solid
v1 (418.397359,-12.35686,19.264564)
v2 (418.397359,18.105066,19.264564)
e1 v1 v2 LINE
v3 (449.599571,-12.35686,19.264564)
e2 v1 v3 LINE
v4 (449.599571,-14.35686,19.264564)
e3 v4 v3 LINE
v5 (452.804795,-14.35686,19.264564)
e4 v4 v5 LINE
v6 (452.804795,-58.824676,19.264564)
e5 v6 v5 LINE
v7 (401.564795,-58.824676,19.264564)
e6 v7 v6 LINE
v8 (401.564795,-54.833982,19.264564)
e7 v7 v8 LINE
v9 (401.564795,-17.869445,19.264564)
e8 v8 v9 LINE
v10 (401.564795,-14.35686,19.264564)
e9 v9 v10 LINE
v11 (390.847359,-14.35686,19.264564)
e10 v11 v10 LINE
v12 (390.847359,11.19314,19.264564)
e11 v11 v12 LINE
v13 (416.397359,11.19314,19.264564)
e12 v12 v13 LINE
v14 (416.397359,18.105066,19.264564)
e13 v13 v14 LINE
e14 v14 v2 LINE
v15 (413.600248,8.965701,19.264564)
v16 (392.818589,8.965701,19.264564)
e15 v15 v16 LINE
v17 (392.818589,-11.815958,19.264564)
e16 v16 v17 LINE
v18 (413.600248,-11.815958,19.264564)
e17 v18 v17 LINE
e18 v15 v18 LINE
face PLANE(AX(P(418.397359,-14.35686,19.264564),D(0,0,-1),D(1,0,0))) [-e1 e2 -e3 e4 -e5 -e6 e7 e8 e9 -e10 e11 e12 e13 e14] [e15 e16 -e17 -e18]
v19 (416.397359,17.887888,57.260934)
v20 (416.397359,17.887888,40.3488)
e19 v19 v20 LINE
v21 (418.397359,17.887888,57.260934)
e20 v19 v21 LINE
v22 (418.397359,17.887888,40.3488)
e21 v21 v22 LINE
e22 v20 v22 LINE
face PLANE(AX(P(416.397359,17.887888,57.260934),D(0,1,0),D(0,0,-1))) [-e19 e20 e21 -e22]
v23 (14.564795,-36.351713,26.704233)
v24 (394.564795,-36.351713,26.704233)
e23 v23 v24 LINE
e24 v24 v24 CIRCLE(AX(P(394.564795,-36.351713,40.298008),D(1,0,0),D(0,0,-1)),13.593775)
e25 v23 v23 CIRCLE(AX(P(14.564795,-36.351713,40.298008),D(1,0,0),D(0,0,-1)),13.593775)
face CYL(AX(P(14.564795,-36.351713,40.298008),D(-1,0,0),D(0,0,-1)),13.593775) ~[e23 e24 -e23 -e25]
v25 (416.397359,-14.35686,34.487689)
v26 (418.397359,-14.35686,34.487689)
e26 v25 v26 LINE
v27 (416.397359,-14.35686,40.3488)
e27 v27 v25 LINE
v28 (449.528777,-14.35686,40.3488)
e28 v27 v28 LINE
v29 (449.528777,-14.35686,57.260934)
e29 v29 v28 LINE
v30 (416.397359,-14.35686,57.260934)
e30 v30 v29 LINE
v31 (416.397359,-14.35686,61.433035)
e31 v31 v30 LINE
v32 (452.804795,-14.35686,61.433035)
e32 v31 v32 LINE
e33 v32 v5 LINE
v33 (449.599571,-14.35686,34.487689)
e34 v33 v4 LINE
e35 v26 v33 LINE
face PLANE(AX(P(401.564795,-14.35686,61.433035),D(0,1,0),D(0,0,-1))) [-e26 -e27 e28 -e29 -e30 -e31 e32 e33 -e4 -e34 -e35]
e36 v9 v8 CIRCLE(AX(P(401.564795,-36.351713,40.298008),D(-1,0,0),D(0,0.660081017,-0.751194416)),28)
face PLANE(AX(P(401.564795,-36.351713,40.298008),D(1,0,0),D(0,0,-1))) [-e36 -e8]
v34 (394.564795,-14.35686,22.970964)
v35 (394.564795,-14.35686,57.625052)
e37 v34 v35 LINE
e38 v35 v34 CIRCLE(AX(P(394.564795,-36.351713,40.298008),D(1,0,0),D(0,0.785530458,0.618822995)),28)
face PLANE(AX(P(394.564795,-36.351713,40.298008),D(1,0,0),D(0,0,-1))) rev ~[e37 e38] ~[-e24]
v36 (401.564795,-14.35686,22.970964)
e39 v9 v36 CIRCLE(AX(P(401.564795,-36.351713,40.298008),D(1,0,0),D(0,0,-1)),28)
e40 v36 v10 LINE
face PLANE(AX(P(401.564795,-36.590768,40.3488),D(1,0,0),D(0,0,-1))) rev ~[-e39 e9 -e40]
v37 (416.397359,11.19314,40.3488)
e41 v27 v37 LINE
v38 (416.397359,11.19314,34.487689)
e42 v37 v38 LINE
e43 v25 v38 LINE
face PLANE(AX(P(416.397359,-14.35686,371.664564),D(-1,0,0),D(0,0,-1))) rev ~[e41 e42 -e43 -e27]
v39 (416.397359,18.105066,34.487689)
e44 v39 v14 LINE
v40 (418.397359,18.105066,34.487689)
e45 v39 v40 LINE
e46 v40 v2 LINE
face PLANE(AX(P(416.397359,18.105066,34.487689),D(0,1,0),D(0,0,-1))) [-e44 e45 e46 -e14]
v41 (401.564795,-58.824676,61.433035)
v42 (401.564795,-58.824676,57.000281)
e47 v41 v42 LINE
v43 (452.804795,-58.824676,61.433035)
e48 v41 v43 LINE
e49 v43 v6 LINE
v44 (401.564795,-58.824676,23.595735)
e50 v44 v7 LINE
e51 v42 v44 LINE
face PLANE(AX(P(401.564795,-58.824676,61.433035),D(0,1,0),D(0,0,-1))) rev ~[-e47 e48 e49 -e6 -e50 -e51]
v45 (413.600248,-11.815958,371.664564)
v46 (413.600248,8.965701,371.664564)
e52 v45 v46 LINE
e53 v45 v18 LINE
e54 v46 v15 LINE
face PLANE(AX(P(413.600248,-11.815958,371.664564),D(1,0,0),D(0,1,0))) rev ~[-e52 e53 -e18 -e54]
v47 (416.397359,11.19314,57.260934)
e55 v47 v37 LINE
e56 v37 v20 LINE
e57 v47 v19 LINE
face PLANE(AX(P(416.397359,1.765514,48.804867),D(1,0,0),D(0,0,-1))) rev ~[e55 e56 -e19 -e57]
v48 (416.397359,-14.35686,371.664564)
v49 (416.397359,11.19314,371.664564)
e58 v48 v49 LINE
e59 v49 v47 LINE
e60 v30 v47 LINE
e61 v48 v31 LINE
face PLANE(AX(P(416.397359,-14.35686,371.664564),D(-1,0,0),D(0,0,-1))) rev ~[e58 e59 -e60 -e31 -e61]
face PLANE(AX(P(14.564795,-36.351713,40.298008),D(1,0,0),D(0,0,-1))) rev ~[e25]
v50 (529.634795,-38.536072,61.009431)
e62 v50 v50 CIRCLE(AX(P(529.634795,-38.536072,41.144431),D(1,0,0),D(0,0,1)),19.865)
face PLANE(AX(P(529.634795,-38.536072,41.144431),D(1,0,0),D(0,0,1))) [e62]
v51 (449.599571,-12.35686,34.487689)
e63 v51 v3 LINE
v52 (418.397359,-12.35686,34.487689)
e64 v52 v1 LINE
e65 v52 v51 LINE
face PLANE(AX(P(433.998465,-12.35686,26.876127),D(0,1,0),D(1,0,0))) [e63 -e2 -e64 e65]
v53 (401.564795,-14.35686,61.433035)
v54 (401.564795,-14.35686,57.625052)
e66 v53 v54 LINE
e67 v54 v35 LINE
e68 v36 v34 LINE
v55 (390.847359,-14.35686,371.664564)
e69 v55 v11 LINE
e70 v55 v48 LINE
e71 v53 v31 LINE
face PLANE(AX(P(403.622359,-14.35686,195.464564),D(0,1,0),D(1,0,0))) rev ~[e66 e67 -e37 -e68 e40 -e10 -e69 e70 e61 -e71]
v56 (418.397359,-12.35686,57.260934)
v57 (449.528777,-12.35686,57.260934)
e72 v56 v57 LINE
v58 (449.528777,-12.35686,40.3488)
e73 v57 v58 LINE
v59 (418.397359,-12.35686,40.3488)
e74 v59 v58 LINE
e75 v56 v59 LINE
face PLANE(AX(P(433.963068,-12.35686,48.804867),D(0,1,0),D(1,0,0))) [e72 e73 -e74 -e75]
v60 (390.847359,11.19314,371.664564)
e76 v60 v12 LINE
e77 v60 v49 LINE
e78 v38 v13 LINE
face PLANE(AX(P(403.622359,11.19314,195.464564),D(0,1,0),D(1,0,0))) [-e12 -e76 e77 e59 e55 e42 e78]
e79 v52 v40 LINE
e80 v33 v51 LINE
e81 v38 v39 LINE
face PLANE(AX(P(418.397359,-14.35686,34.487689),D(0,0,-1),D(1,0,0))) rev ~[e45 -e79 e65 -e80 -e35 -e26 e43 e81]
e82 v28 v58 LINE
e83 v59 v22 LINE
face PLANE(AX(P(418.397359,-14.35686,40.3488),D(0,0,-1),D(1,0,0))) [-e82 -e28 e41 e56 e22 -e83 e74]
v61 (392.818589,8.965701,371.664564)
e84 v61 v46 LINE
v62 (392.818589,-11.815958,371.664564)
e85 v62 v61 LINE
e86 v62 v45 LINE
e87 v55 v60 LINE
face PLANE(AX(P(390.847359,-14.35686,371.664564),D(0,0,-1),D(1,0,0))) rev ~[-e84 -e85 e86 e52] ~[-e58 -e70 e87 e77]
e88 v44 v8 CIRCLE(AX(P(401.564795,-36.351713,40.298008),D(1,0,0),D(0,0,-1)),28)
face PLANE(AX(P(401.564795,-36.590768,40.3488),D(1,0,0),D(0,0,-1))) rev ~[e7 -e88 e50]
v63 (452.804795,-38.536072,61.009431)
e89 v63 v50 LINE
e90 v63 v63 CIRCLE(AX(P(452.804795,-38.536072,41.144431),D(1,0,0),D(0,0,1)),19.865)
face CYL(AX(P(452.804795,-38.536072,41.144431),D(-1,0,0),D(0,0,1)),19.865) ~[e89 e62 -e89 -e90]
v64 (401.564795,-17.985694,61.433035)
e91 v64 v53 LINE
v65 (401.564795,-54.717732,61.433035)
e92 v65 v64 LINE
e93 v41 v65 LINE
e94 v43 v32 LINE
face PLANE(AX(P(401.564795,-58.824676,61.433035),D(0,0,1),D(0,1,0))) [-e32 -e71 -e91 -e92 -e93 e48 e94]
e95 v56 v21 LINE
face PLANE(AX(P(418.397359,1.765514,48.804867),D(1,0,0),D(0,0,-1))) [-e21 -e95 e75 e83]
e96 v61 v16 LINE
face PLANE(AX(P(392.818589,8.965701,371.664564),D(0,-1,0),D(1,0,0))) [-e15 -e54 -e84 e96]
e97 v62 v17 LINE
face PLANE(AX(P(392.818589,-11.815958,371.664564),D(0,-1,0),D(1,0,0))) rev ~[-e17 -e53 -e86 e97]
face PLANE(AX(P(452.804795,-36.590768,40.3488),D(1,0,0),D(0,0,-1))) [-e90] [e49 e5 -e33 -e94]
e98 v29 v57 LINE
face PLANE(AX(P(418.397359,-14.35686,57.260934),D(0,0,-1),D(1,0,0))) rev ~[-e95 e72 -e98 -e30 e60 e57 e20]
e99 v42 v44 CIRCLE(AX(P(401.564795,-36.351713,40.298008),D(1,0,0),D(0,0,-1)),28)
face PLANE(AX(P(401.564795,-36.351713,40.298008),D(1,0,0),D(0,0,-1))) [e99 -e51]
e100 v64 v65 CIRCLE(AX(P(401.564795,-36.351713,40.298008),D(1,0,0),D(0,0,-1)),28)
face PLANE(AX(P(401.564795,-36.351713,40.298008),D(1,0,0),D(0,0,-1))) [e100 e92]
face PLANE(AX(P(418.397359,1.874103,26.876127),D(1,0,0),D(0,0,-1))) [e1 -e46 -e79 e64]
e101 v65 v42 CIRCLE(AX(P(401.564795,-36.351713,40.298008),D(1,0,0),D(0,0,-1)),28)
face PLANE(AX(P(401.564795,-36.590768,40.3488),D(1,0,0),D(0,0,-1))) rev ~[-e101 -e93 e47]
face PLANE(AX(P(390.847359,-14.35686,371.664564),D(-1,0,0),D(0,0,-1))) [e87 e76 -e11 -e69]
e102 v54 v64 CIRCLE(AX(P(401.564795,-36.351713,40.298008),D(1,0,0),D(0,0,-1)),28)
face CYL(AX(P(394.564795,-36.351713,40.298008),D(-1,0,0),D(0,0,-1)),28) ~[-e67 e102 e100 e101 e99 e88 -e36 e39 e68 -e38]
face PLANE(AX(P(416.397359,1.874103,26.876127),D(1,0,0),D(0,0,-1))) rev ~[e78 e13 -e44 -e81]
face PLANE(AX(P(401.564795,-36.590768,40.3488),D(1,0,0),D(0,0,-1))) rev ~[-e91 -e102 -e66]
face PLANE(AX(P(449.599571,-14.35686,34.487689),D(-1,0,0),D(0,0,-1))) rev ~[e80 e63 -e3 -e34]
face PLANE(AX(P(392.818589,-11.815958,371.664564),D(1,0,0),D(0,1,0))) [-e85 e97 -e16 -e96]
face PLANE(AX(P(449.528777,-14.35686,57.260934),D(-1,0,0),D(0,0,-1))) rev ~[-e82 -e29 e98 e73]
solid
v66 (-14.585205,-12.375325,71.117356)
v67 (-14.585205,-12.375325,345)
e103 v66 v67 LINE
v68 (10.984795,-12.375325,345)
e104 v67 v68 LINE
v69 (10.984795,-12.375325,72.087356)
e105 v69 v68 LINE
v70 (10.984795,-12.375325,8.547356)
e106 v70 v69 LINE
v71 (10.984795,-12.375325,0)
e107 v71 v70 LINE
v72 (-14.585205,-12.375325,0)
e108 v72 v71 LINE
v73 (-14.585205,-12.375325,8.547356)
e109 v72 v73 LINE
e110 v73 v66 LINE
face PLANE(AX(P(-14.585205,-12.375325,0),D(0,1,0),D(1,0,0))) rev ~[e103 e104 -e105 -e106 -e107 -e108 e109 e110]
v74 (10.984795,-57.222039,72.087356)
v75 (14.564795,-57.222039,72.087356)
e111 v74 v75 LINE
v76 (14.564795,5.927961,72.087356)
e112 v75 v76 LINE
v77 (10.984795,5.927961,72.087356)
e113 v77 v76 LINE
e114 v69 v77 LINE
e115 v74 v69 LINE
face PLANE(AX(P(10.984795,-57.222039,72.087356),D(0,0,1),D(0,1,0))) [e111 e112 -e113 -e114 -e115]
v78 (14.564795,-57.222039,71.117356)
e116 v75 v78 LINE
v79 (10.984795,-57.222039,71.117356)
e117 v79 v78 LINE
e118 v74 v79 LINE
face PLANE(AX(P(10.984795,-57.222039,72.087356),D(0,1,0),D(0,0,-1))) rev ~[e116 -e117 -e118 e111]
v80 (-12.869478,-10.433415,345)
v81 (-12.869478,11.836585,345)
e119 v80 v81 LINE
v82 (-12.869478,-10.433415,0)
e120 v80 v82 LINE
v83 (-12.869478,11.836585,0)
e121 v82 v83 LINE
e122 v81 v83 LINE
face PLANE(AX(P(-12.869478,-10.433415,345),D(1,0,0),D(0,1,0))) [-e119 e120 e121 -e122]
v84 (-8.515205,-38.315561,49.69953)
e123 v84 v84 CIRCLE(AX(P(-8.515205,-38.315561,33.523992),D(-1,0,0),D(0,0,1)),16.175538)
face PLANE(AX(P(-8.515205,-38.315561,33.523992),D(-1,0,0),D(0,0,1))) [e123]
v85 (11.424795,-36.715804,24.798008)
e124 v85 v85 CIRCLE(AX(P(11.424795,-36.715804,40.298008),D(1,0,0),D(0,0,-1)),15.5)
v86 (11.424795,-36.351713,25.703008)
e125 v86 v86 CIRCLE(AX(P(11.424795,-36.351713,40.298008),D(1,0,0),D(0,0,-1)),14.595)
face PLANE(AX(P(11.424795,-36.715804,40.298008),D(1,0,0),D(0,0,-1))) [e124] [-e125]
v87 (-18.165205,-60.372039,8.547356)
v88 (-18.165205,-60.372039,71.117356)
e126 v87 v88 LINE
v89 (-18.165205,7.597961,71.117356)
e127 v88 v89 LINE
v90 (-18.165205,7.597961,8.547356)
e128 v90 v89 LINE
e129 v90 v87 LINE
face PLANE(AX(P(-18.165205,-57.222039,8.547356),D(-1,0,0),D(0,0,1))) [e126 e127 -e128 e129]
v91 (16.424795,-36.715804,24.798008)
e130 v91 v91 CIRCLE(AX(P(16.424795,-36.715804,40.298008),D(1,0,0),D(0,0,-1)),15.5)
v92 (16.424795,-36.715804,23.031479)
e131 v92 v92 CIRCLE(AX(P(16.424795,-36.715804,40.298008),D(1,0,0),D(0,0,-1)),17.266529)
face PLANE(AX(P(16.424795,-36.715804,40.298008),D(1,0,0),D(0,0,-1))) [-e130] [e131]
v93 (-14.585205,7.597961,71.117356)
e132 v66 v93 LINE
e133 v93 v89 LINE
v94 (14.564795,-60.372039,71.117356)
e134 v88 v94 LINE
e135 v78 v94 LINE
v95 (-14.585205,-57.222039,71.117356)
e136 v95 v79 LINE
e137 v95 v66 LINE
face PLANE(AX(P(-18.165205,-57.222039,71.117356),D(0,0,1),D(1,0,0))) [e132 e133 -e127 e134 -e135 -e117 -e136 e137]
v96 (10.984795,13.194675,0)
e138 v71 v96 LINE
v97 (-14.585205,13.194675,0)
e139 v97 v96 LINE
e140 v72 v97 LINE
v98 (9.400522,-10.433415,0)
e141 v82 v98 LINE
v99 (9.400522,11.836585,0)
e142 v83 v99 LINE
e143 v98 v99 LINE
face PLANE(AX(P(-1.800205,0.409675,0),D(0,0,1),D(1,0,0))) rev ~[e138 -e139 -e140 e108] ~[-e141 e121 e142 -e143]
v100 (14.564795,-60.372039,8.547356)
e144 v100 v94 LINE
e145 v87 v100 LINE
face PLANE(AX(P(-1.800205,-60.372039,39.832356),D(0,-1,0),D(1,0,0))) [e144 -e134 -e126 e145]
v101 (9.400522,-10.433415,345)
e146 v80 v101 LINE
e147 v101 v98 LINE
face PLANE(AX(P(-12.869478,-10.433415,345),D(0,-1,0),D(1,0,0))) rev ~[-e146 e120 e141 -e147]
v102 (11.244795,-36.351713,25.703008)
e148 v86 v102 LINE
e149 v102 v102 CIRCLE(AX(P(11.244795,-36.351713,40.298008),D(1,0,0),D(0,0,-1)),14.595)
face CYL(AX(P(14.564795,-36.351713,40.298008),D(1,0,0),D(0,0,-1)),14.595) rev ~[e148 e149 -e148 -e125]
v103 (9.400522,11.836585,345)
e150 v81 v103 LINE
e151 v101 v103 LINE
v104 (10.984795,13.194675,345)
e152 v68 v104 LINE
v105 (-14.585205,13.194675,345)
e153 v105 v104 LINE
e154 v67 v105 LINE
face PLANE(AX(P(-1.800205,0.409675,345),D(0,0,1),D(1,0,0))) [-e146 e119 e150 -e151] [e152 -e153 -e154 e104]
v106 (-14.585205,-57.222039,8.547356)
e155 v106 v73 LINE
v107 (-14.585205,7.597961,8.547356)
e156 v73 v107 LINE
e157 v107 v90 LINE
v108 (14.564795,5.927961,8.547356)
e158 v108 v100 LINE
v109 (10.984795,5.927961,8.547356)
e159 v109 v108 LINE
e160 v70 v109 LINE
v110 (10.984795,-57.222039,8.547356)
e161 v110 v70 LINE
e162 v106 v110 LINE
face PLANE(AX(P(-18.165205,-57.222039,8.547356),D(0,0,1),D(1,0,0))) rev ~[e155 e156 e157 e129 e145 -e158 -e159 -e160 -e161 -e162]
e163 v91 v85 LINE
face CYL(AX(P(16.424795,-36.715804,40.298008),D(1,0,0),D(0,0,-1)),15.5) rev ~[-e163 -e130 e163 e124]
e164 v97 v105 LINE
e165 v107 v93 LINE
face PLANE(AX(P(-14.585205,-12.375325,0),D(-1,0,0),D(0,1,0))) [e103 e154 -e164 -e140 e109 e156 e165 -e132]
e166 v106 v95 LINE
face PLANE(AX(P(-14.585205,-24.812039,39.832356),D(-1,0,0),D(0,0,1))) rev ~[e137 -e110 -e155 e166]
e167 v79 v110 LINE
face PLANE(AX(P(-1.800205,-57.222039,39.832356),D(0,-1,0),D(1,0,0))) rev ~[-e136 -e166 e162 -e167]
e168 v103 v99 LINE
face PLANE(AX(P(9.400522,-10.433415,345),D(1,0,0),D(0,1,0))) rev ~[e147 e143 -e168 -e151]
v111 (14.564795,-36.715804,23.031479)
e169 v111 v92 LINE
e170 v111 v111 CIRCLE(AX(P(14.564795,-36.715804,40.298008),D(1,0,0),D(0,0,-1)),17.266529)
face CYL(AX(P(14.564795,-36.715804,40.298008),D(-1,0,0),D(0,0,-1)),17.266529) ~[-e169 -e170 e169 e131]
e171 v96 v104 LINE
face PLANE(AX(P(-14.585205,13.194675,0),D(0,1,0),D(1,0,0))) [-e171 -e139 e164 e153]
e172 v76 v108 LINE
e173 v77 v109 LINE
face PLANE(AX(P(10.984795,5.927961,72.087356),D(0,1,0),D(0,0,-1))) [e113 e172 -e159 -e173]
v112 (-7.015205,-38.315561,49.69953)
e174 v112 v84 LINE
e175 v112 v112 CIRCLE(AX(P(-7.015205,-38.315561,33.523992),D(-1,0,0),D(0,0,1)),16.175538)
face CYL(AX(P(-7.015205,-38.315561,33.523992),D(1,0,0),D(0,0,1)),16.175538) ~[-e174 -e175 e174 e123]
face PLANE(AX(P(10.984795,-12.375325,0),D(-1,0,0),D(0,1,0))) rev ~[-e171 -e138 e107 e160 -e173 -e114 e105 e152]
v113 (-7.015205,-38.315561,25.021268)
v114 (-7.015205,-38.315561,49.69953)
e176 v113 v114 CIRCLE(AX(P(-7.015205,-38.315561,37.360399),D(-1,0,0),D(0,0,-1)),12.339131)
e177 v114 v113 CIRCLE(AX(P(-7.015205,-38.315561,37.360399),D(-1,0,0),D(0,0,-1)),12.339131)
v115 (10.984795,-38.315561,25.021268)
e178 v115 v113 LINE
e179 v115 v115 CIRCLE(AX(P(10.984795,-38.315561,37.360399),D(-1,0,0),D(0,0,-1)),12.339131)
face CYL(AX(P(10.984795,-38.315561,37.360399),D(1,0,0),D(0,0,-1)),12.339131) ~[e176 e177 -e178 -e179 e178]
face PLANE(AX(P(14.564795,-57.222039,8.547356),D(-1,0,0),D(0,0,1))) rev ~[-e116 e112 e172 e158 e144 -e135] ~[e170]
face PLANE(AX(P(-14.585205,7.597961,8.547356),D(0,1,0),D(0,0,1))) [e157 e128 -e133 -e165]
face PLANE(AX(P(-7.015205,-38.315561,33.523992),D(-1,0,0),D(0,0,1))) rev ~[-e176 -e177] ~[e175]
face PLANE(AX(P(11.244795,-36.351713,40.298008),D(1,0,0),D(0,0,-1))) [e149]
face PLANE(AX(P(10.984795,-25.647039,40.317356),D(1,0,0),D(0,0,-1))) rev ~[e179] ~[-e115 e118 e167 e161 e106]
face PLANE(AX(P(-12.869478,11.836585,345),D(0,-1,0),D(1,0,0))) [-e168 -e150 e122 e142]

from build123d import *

# Parameters (mm, degrees)
SKETCH_1_W          = 25.57
SKETCH_1_H          = 25.57
EXTRUDE_1_DEPTH     = 345
SKETCH_2_W          = 22.27
SKETCH_2_H          = 22.27
CUT_EXTRUDE_1_DEPTH = 345
SKETCH_3_W          = 62.57
SKETCH_3_H          = 64.82
EXTRUDE_2_DEPTH     = 3.58
SKETCH_4_W          = 63.54
SKETCH_4_H          = 63.15
EXTRUDE_3_DEPTH     = 3.58
SKETCH_6_W          = 32.73
SKETCH_6_H          = 62.57
EXTRUDE_4_DEPTH     = 3.15
SKETCH_7_R          = 14.595
CUT_EXTRUDE_3_DEPTH = 3.32
SKETCH_8_R          = 17.266528804
EXTRUDE_5_DEPTH     = 1.86
SKETCH_9_R          = 15.5
CUT_EXTRUDE_5_DEPTH = 5
SKETCH_10_R         = 13.593774784
EXTRUDE_6_DEPTH     = 380
SKETCH_11_R         = 12.339130987
EXTRUDE_7_DEPTH     = 18
SKETCH_12_R         = 16.175538184
EXTRUDE_8_DEPTH     = 1.5
SKETCH_13_R         = 28
EXTRUDE_9_DEPTH     = 7
SKETCH_14_R         = 7.6
EXTRUDE_10_DEPTH    = 15.2
SKETCH_15_W         = 42.168470392
SKETCH_15_H         = 44.467815759
EXTRUDE_11_DEPTH    = 51.24
SKETCH_16_R         = 19.865
EXTRUDE_12_DEPTH    = 76.83
SKETCH_17_W         = 25.55
SKETCH_17_H         = 352.4
EXTRUDE_14_DEPTH    = 25.55
SKETCH_19_W         = 20.781659092
SKETCH_19_H         = 20.781659093
CUT_EXTRUDE_6_DEPTH = 358
SKETCH_20_W         = 16.912134217
SKETCH_20_H         = 32.244748354
EXTRUDE_15_DEPTH    = 2
SKETCH_21_W         = 15.223124647
SKETCH_21_H         = 32.461925803
EXTRUDE_16_DEPTH    = 2
SKETCH_22_W         = 31.1314176
SKETCH_22_H         = 16.912134217
EXTRUDE_17_DEPTH    = 2
SKETCH_23_W         = 31.20221205
SKETCH_23_H         = 15.223124647
EXTRUDE_18_DEPTH    = 2


with BuildPart() as part:
    # 草图1 → 凸台-拉伸1 (new body)
    with BuildSketch(Plane.XY):
        with Locations((-1.800204815, 0.409674702)):
            Rectangle(SKETCH_1_W, SKETCH_1_H)
    extrude(amount=EXTRUDE_1_DEPTH)

    # 草图2 → 切除-拉伸1 (cut)
    with BuildSketch(Plane.XY.offset(345)):
        with Locations((-1.734478046, 0.70158513)):
            Rectangle(SKETCH_2_W, SKETCH_2_H)
    extrude(amount=-CUT_EXTRUDE_1_DEPTH, mode=Mode.SUBTRACT)

    # 草图3 → 凸台-拉伸2 (add)
    with BuildSketch(Plane.ZY.offset(14.585204815)):
        with Locations((39.832355507, -24.812039034)):
            Rectangle(SKETCH_3_W, SKETCH_3_H)
    extrude(amount=EXTRUDE_2_DEPTH)

    # 草图4 → 凸台-拉伸3 (add)
    with BuildSketch(Plane(origin=(10.984795185, 0, 0), x_dir=(0, 0, -1), z_dir=(1, 0, 0))):
        with Locations((-40.317355507, -25.647039034)):
            Rectangle(SKETCH_4_W, SKETCH_4_H)
    extrude(amount=EXTRUDE_3_DEPTH)

    # 草图6 → 凸台-拉伸4 (add)
    with BuildSketch(Plane.XZ.offset(57.222039034)):
        with Locations((-1.800204815, 39.832355507)):
            Rectangle(SKETCH_6_W, SKETCH_6_H)
    extrude(amount=EXTRUDE_4_DEPTH)

    # 草图7 → 切除-拉伸3 (cut)
    with BuildSketch(Plane(origin=(14.564795185, 0, 0), x_dir=(0, 0, -1), z_dir=(1, 0, 0))):
        with Locations((-40.298008042, -36.351713038)):
            Circle(SKETCH_7_R)
    extrude(amount=-CUT_EXTRUDE_3_DEPTH, mode=Mode.SUBTRACT)

    # 草图8 → 凸台-拉伸5 (add)
    with BuildSketch(Plane(origin=(14.564795185, 0, 0), x_dir=(0, 0, -1), z_dir=(1, 0, 0))):
        with Locations((-40.298008042, -36.715804345)):
            Circle(SKETCH_8_R)
    extrude(amount=EXTRUDE_5_DEPTH)

    # 草图9 → 切除-拉伸5 (cut)
    with BuildSketch(Plane(origin=(16.424795185, 0, 0), x_dir=(0, 0, -1), z_dir=(1, 0, 0))):
        with Locations((-40.298008042, -36.715804345)):
            Circle(SKETCH_9_R)
    extrude(amount=-CUT_EXTRUDE_5_DEPTH, mode=Mode.SUBTRACT)

    # 草图11 → 凸台-拉伸7 (add)
    with BuildSketch(Plane.ZY.offset(-10.984795185)):
        with Locations(Location((37.360399055, -38.315560546, 0), (0, 0, 180))):
            Circle(SKETCH_11_R)
    extrude(amount=EXTRUDE_7_DEPTH)

    # 草图12 → 凸台-拉伸8 (add)
    with BuildSketch(Plane.ZY.offset(7.015204815)):
        with Locations((33.523991858, -38.315560546)):
            Circle(SKETCH_12_R)
    extrude(amount=EXTRUDE_8_DEPTH)


with BuildPart() as body_2:
    # 草图10 → 凸台-拉伸6 (new body)
    with BuildSketch(Plane(origin=(14.564795185, 0, 0), x_dir=(0, 0, -1), z_dir=(1, 0, 0))):
        with Locations((-40.298008042, -36.351713038)):
            Circle(SKETCH_10_R)
    extrude(amount=EXTRUDE_6_DEPTH)

    # 草图13 → 凸台-拉伸9 (add)
    with BuildSketch(Plane(origin=(394.564795185, 0, 0), x_dir=(0, 0, -1), z_dir=(1, 0, 0))):
        with Locations((-40.298008042, -36.351713038)):
            Circle(SKETCH_13_R)
    extrude(amount=EXTRUDE_9_DEPTH)

    # 草图14 → 凸台-拉伸10 (add)
    with BuildSketch(Plane(origin=(401.564795185, 0, 0), x_dir=(0, 0, -1), z_dir=(1, 0, 0))):
        with Locations(Location((-40.298008042, -36.351713038, 0), (0, 0, 180))):
            Circle(SKETCH_14_R)
    extrude(amount=EXTRUDE_10_DEPTH)

    # 草图15 → 凸台-拉伸11 (add)
    with BuildSketch(Plane(origin=(401.564795185, 0, 0), x_dir=(0, 0, -1), z_dir=(1, 0, 0))):
        with Locations((-40.34879958, -36.59076809)):
            Rectangle(SKETCH_15_W, SKETCH_15_H)
    extrude(amount=EXTRUDE_11_DEPTH)

    # 草图16 → 凸台-拉伸12 (add)
    with BuildSketch(Plane(origin=(452.804795185, 0, 0), x_dir=(0, 0, -1), z_dir=(1, 0, 0))):
        with Locations(Location((-41.144431097, -38.536072291, 0), (0, 0, 180))):
            Circle(SKETCH_16_R)
    extrude(amount=EXTRUDE_12_DEPTH)

    # 草图17 → 凸台-拉伸14 (add)
    with BuildSketch(Plane(origin=(0, -14.356860211, 0), x_dir=(1, 0, 0), z_dir=(0, 1, 0))):
        with Locations((403.622359348, -195.464564384)):
            Rectangle(SKETCH_17_W, SKETCH_17_H)
    extrude(amount=EXTRUDE_14_DEPTH)

    # 草图19 → 切除-拉伸6 (cut)
    with BuildSketch(Plane.XY.offset(371.664564384)):
        with Locations((403.20941807, -1.425128826)):
            Rectangle(SKETCH_19_W, SKETCH_19_H)
    extrude(amount=-CUT_EXTRUDE_6_DEPTH, mode=Mode.SUBTRACT)

    # 草图20 → 凸台-拉伸15 (add)
    with BuildSketch(Plane(origin=(416.397359348, 0, 0), x_dir=(0, 0, -1), z_dir=(1, 0, 0))):
        with Locations((-48.804866689, 1.765513966)):
            Rectangle(SKETCH_20_W, SKETCH_20_H)
    extrude(amount=EXTRUDE_15_DEPTH)

    # 草图21 → 凸台-拉伸16 (add)
    with BuildSketch(Plane(origin=(416.397359348, 0, 0), x_dir=(0, 0, -1), z_dir=(1, 0, 0))):
        with Locations((-26.876126707, 1.874102691)):
            Rectangle(SKETCH_21_W, SKETCH_21_H)
    extrude(amount=EXTRUDE_16_DEPTH)

    # 草图22 → 凸台-拉伸17 (add)
    with BuildSketch(Plane(origin=(0, -14.356860211, 0), x_dir=(1, 0, 0), z_dir=(0, 1, 0))):
        with Locations((433.963068148, -48.804866689)):
            Rectangle(SKETCH_22_W, SKETCH_22_H)
    extrude(amount=EXTRUDE_17_DEPTH)

    # 草图23 → 凸台-拉伸18 (add)
    with BuildSketch(Plane(origin=(0, -14.356860211, 0), x_dir=(1, 0, 0), z_dir=(0, 1, 0))):
        with Locations((433.998465373, -26.876126707)):
            Rectangle(SKETCH_23_W, SKETCH_23_H)
    extrude(amount=EXTRUDE_18_DEPTH)


solid = Compound([part.part, body_2.part])
